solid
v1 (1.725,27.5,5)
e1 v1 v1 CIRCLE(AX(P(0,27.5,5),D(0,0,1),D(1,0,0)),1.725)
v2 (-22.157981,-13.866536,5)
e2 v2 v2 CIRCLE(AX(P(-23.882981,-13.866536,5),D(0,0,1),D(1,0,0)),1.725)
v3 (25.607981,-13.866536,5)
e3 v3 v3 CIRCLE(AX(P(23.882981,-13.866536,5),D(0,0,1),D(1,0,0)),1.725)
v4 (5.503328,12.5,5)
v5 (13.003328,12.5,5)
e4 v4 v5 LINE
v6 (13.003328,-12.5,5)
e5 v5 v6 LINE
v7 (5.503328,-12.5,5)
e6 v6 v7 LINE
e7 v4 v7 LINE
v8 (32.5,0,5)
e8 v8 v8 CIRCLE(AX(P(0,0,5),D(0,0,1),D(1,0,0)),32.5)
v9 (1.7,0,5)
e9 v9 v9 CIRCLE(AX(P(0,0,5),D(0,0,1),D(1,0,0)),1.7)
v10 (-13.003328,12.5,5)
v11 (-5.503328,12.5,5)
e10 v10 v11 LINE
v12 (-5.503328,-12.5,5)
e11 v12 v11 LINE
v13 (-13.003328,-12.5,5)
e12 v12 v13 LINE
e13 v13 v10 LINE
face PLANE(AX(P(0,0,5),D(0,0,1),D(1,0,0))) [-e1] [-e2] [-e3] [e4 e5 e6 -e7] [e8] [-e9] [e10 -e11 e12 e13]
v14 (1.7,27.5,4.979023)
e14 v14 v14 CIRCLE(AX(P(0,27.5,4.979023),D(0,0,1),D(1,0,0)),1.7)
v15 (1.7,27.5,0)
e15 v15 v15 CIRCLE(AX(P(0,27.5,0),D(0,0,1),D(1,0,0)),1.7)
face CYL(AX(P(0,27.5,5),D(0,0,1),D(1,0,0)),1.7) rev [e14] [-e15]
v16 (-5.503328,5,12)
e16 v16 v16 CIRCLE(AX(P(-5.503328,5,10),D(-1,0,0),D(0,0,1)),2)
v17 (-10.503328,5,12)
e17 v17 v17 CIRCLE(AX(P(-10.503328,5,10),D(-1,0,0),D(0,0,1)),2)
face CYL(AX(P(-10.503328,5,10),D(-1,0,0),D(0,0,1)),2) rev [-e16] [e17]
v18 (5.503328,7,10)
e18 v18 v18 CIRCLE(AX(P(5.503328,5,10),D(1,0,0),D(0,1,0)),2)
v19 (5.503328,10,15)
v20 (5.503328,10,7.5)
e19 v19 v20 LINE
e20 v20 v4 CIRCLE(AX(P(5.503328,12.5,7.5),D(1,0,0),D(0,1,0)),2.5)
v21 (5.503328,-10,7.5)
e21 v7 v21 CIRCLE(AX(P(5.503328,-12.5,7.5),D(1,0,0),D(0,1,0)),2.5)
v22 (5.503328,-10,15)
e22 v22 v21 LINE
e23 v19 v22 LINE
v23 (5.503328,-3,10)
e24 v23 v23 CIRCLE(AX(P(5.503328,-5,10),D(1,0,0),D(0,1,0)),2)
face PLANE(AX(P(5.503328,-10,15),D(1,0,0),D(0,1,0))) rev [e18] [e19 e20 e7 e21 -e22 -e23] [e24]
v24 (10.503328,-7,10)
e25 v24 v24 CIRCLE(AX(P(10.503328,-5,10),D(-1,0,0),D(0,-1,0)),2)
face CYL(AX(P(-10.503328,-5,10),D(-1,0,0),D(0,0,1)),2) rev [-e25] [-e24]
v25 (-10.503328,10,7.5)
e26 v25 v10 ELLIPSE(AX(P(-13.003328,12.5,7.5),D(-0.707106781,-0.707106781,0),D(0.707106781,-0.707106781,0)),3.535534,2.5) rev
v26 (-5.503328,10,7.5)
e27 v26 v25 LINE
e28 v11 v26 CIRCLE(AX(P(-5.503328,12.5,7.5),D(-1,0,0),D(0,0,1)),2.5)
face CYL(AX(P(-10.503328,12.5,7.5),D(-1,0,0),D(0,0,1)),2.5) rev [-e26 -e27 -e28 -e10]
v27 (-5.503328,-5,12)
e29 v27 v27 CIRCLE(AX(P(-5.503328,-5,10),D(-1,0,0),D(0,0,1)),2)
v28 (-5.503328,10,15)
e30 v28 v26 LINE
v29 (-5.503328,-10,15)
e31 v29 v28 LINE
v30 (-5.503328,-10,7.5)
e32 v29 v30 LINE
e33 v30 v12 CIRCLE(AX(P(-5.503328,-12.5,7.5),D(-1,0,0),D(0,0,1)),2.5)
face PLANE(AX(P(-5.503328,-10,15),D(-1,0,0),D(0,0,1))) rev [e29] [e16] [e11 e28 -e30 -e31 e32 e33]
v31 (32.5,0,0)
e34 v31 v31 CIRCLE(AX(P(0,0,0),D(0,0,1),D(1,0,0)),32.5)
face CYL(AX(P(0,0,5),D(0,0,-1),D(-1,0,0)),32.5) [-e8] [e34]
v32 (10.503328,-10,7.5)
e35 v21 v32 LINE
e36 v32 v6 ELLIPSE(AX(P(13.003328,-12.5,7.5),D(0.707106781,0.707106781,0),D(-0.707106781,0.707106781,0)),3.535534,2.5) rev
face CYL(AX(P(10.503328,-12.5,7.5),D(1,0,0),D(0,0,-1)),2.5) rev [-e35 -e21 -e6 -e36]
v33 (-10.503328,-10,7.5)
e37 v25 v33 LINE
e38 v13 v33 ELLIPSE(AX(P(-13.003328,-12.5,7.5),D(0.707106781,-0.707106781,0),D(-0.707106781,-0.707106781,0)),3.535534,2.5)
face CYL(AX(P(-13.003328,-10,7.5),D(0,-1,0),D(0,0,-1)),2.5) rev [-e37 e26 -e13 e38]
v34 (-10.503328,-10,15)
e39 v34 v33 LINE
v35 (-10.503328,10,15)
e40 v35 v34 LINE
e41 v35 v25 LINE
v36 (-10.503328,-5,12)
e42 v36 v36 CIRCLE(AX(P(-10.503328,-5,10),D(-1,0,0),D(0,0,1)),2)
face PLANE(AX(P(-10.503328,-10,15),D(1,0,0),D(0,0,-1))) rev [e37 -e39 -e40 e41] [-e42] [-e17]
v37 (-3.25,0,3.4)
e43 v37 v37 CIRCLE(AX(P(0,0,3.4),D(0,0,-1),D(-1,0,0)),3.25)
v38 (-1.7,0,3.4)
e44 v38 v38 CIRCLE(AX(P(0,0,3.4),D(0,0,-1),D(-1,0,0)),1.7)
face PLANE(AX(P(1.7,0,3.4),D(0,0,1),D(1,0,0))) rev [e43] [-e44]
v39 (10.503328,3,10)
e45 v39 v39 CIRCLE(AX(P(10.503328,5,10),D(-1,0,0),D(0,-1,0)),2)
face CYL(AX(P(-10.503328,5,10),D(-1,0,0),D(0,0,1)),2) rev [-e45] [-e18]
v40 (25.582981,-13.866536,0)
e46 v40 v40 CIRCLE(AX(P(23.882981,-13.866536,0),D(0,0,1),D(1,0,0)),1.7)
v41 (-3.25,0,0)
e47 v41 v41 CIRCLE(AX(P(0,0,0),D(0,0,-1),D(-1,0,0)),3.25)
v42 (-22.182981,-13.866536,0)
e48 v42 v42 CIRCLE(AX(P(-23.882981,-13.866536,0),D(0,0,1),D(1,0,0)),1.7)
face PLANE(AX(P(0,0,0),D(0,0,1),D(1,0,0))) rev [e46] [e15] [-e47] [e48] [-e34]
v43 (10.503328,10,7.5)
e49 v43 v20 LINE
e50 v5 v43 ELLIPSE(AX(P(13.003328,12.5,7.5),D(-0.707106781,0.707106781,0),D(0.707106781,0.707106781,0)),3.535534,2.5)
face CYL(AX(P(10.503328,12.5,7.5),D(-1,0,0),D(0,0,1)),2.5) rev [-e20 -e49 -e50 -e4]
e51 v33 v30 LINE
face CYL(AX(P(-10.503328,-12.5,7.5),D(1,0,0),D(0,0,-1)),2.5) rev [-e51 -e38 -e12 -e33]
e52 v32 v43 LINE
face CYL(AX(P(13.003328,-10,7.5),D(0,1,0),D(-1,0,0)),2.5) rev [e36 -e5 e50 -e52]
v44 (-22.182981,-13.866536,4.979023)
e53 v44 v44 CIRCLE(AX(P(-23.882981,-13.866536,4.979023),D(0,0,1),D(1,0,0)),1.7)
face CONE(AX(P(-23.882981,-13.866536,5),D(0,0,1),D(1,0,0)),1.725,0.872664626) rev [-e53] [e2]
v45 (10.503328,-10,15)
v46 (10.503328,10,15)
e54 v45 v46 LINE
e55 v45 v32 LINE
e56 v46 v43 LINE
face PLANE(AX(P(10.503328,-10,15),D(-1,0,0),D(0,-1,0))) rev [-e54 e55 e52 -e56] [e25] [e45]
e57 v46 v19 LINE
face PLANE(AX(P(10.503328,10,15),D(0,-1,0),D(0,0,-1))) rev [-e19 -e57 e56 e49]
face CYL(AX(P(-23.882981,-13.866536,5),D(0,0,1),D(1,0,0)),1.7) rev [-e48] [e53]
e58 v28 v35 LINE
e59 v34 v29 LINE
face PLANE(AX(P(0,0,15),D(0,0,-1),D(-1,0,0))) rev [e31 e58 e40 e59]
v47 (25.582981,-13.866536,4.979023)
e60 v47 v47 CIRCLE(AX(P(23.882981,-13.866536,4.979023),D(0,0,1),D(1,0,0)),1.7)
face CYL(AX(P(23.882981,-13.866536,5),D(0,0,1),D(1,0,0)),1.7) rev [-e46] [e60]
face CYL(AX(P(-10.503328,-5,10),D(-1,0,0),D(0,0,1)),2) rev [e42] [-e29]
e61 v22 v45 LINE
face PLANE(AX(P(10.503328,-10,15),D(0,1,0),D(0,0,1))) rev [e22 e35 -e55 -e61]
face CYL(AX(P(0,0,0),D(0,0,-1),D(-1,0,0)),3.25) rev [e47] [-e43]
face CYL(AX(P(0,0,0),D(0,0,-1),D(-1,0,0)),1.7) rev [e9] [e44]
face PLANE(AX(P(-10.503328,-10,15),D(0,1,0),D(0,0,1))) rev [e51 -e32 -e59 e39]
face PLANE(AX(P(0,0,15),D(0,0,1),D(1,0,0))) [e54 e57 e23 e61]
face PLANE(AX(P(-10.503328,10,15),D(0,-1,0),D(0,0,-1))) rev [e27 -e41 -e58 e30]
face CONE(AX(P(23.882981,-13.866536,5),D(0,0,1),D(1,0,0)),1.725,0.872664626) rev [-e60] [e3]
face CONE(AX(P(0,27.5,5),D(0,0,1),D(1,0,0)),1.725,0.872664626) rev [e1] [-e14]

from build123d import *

# Parameters (mm, degrees)
SKETCH_1_R                     = 32.5
EXTRUDE_1_DEPTH                = 5
PATTERN_CIRCULAR_1_COUNT       = 3
SKETCH_5_W                     = 5
SKETCH_5_H                     = 20
EXTRUDE_2_DEPTH                = 10
HOLE_WIZARD_M3_1_2_D           = 3.4
HOLE_WIZARD_M3_1_2_CBORE_D     = 6.5
HOLE_WIZARD_M3_1_2_CBORE_DEPTH = 3.4
F_4_0MM_1_D                    = 4
FILLET_1_R                     = 2.5
FILLET_2_R                     = 2.5


with BuildPart() as part:
    # 스케치1 → 보스-돌출1 (new body)
    with BuildSketch(Plane.XY):
        Circle(SKETCH_1_R)
    extrude(amount=EXTRUDE_1_DEPTH)

    # 스케치4 → Hole Wizard M3 _ _1 (revolve, cut)
    with BuildSketch(Plane(origin=(0, 27.5, 5), x_dir=(0, -1, 0), z_dir=(1, 0, 0))):
        Polygon((0, 0), (0, 6.021463052), (1.7, 5), (1.7, 0.020977491), (1.725, 0), align=None)
    hole_wizard_m3_1 = revolve(axis=Axis((0, 27.5, 11.35), (0, 0, -1)), mode=Mode.SUBTRACT)

    # 원형 패턴1: Hole Wizard M3 _ _1 ×3 about axis
    pattern_circular_1_axis = Axis((0, -0.077690761, 0), (0, 0, 1))
    for i in range(1, PATTERN_CIRCULAR_1_COUNT):
        add(hole_wizard_m3_1.rotate(pattern_circular_1_axis, i * 360 / PATTERN_CIRCULAR_1_COUNT), mode=Mode.SUBTRACT)

    # 스케치5 → 보스-돌출2 (add)
    with BuildSketch(Plane.XY.offset(5)):
        with Locations((-8.003327874, 0)):
            Rectangle(SKETCH_5_W, SKETCH_5_H)
        with Locations((8.003327874, 0)):
            Rectangle(SKETCH_5_W, SKETCH_5_H)
    extrude(amount=EXTRUDE_2_DEPTH)

    # Hole Wizard M3 _ _ _ _ _ _1 2 (through all)
    with Locations(Plane(origin=(0, 0, 0), x_dir=(-1, 0, 0), z_dir=(0, 0, -1))):
        with Locations((0, 0)):
            CounterBoreHole(HOLE_WIZARD_M3_1_2_D / 2, HOLE_WIZARD_M3_1_2_CBORE_D / 2, HOLE_WIZARD_M3_1_2_CBORE_DEPTH)

    # Ø4.0mm 맞춤핀 구멍1 (through all)
    with Locations(Plane.ZY.offset(10.503327874)):
        with Locations((10, 5), (10, -5)):
            Hole(F_4_0MM_1_D / 2)

    # 필렛1
    fillet_1_edges = [part.edges().sort_by_distance(p)[0] for p in [
        (-10.503327874, 0, 5),
        (10.503327874, 0, 5),
    ]]
    fillet(fillet_1_edges, radius=FILLET_1_R)

    # 필렛2
    fillet_2_edges = [part.edges().sort_by_distance(p)[0] for p in [
        (8.003327874, -10, 5),
        (-8.003327874, -10, 5),
        (8.003327874, 10, 5),
        (-8.003327874, 10, 5),
    ]]
    fillet(fillet_2_edges, radius=FILLET_2_R)


solid = part.part
